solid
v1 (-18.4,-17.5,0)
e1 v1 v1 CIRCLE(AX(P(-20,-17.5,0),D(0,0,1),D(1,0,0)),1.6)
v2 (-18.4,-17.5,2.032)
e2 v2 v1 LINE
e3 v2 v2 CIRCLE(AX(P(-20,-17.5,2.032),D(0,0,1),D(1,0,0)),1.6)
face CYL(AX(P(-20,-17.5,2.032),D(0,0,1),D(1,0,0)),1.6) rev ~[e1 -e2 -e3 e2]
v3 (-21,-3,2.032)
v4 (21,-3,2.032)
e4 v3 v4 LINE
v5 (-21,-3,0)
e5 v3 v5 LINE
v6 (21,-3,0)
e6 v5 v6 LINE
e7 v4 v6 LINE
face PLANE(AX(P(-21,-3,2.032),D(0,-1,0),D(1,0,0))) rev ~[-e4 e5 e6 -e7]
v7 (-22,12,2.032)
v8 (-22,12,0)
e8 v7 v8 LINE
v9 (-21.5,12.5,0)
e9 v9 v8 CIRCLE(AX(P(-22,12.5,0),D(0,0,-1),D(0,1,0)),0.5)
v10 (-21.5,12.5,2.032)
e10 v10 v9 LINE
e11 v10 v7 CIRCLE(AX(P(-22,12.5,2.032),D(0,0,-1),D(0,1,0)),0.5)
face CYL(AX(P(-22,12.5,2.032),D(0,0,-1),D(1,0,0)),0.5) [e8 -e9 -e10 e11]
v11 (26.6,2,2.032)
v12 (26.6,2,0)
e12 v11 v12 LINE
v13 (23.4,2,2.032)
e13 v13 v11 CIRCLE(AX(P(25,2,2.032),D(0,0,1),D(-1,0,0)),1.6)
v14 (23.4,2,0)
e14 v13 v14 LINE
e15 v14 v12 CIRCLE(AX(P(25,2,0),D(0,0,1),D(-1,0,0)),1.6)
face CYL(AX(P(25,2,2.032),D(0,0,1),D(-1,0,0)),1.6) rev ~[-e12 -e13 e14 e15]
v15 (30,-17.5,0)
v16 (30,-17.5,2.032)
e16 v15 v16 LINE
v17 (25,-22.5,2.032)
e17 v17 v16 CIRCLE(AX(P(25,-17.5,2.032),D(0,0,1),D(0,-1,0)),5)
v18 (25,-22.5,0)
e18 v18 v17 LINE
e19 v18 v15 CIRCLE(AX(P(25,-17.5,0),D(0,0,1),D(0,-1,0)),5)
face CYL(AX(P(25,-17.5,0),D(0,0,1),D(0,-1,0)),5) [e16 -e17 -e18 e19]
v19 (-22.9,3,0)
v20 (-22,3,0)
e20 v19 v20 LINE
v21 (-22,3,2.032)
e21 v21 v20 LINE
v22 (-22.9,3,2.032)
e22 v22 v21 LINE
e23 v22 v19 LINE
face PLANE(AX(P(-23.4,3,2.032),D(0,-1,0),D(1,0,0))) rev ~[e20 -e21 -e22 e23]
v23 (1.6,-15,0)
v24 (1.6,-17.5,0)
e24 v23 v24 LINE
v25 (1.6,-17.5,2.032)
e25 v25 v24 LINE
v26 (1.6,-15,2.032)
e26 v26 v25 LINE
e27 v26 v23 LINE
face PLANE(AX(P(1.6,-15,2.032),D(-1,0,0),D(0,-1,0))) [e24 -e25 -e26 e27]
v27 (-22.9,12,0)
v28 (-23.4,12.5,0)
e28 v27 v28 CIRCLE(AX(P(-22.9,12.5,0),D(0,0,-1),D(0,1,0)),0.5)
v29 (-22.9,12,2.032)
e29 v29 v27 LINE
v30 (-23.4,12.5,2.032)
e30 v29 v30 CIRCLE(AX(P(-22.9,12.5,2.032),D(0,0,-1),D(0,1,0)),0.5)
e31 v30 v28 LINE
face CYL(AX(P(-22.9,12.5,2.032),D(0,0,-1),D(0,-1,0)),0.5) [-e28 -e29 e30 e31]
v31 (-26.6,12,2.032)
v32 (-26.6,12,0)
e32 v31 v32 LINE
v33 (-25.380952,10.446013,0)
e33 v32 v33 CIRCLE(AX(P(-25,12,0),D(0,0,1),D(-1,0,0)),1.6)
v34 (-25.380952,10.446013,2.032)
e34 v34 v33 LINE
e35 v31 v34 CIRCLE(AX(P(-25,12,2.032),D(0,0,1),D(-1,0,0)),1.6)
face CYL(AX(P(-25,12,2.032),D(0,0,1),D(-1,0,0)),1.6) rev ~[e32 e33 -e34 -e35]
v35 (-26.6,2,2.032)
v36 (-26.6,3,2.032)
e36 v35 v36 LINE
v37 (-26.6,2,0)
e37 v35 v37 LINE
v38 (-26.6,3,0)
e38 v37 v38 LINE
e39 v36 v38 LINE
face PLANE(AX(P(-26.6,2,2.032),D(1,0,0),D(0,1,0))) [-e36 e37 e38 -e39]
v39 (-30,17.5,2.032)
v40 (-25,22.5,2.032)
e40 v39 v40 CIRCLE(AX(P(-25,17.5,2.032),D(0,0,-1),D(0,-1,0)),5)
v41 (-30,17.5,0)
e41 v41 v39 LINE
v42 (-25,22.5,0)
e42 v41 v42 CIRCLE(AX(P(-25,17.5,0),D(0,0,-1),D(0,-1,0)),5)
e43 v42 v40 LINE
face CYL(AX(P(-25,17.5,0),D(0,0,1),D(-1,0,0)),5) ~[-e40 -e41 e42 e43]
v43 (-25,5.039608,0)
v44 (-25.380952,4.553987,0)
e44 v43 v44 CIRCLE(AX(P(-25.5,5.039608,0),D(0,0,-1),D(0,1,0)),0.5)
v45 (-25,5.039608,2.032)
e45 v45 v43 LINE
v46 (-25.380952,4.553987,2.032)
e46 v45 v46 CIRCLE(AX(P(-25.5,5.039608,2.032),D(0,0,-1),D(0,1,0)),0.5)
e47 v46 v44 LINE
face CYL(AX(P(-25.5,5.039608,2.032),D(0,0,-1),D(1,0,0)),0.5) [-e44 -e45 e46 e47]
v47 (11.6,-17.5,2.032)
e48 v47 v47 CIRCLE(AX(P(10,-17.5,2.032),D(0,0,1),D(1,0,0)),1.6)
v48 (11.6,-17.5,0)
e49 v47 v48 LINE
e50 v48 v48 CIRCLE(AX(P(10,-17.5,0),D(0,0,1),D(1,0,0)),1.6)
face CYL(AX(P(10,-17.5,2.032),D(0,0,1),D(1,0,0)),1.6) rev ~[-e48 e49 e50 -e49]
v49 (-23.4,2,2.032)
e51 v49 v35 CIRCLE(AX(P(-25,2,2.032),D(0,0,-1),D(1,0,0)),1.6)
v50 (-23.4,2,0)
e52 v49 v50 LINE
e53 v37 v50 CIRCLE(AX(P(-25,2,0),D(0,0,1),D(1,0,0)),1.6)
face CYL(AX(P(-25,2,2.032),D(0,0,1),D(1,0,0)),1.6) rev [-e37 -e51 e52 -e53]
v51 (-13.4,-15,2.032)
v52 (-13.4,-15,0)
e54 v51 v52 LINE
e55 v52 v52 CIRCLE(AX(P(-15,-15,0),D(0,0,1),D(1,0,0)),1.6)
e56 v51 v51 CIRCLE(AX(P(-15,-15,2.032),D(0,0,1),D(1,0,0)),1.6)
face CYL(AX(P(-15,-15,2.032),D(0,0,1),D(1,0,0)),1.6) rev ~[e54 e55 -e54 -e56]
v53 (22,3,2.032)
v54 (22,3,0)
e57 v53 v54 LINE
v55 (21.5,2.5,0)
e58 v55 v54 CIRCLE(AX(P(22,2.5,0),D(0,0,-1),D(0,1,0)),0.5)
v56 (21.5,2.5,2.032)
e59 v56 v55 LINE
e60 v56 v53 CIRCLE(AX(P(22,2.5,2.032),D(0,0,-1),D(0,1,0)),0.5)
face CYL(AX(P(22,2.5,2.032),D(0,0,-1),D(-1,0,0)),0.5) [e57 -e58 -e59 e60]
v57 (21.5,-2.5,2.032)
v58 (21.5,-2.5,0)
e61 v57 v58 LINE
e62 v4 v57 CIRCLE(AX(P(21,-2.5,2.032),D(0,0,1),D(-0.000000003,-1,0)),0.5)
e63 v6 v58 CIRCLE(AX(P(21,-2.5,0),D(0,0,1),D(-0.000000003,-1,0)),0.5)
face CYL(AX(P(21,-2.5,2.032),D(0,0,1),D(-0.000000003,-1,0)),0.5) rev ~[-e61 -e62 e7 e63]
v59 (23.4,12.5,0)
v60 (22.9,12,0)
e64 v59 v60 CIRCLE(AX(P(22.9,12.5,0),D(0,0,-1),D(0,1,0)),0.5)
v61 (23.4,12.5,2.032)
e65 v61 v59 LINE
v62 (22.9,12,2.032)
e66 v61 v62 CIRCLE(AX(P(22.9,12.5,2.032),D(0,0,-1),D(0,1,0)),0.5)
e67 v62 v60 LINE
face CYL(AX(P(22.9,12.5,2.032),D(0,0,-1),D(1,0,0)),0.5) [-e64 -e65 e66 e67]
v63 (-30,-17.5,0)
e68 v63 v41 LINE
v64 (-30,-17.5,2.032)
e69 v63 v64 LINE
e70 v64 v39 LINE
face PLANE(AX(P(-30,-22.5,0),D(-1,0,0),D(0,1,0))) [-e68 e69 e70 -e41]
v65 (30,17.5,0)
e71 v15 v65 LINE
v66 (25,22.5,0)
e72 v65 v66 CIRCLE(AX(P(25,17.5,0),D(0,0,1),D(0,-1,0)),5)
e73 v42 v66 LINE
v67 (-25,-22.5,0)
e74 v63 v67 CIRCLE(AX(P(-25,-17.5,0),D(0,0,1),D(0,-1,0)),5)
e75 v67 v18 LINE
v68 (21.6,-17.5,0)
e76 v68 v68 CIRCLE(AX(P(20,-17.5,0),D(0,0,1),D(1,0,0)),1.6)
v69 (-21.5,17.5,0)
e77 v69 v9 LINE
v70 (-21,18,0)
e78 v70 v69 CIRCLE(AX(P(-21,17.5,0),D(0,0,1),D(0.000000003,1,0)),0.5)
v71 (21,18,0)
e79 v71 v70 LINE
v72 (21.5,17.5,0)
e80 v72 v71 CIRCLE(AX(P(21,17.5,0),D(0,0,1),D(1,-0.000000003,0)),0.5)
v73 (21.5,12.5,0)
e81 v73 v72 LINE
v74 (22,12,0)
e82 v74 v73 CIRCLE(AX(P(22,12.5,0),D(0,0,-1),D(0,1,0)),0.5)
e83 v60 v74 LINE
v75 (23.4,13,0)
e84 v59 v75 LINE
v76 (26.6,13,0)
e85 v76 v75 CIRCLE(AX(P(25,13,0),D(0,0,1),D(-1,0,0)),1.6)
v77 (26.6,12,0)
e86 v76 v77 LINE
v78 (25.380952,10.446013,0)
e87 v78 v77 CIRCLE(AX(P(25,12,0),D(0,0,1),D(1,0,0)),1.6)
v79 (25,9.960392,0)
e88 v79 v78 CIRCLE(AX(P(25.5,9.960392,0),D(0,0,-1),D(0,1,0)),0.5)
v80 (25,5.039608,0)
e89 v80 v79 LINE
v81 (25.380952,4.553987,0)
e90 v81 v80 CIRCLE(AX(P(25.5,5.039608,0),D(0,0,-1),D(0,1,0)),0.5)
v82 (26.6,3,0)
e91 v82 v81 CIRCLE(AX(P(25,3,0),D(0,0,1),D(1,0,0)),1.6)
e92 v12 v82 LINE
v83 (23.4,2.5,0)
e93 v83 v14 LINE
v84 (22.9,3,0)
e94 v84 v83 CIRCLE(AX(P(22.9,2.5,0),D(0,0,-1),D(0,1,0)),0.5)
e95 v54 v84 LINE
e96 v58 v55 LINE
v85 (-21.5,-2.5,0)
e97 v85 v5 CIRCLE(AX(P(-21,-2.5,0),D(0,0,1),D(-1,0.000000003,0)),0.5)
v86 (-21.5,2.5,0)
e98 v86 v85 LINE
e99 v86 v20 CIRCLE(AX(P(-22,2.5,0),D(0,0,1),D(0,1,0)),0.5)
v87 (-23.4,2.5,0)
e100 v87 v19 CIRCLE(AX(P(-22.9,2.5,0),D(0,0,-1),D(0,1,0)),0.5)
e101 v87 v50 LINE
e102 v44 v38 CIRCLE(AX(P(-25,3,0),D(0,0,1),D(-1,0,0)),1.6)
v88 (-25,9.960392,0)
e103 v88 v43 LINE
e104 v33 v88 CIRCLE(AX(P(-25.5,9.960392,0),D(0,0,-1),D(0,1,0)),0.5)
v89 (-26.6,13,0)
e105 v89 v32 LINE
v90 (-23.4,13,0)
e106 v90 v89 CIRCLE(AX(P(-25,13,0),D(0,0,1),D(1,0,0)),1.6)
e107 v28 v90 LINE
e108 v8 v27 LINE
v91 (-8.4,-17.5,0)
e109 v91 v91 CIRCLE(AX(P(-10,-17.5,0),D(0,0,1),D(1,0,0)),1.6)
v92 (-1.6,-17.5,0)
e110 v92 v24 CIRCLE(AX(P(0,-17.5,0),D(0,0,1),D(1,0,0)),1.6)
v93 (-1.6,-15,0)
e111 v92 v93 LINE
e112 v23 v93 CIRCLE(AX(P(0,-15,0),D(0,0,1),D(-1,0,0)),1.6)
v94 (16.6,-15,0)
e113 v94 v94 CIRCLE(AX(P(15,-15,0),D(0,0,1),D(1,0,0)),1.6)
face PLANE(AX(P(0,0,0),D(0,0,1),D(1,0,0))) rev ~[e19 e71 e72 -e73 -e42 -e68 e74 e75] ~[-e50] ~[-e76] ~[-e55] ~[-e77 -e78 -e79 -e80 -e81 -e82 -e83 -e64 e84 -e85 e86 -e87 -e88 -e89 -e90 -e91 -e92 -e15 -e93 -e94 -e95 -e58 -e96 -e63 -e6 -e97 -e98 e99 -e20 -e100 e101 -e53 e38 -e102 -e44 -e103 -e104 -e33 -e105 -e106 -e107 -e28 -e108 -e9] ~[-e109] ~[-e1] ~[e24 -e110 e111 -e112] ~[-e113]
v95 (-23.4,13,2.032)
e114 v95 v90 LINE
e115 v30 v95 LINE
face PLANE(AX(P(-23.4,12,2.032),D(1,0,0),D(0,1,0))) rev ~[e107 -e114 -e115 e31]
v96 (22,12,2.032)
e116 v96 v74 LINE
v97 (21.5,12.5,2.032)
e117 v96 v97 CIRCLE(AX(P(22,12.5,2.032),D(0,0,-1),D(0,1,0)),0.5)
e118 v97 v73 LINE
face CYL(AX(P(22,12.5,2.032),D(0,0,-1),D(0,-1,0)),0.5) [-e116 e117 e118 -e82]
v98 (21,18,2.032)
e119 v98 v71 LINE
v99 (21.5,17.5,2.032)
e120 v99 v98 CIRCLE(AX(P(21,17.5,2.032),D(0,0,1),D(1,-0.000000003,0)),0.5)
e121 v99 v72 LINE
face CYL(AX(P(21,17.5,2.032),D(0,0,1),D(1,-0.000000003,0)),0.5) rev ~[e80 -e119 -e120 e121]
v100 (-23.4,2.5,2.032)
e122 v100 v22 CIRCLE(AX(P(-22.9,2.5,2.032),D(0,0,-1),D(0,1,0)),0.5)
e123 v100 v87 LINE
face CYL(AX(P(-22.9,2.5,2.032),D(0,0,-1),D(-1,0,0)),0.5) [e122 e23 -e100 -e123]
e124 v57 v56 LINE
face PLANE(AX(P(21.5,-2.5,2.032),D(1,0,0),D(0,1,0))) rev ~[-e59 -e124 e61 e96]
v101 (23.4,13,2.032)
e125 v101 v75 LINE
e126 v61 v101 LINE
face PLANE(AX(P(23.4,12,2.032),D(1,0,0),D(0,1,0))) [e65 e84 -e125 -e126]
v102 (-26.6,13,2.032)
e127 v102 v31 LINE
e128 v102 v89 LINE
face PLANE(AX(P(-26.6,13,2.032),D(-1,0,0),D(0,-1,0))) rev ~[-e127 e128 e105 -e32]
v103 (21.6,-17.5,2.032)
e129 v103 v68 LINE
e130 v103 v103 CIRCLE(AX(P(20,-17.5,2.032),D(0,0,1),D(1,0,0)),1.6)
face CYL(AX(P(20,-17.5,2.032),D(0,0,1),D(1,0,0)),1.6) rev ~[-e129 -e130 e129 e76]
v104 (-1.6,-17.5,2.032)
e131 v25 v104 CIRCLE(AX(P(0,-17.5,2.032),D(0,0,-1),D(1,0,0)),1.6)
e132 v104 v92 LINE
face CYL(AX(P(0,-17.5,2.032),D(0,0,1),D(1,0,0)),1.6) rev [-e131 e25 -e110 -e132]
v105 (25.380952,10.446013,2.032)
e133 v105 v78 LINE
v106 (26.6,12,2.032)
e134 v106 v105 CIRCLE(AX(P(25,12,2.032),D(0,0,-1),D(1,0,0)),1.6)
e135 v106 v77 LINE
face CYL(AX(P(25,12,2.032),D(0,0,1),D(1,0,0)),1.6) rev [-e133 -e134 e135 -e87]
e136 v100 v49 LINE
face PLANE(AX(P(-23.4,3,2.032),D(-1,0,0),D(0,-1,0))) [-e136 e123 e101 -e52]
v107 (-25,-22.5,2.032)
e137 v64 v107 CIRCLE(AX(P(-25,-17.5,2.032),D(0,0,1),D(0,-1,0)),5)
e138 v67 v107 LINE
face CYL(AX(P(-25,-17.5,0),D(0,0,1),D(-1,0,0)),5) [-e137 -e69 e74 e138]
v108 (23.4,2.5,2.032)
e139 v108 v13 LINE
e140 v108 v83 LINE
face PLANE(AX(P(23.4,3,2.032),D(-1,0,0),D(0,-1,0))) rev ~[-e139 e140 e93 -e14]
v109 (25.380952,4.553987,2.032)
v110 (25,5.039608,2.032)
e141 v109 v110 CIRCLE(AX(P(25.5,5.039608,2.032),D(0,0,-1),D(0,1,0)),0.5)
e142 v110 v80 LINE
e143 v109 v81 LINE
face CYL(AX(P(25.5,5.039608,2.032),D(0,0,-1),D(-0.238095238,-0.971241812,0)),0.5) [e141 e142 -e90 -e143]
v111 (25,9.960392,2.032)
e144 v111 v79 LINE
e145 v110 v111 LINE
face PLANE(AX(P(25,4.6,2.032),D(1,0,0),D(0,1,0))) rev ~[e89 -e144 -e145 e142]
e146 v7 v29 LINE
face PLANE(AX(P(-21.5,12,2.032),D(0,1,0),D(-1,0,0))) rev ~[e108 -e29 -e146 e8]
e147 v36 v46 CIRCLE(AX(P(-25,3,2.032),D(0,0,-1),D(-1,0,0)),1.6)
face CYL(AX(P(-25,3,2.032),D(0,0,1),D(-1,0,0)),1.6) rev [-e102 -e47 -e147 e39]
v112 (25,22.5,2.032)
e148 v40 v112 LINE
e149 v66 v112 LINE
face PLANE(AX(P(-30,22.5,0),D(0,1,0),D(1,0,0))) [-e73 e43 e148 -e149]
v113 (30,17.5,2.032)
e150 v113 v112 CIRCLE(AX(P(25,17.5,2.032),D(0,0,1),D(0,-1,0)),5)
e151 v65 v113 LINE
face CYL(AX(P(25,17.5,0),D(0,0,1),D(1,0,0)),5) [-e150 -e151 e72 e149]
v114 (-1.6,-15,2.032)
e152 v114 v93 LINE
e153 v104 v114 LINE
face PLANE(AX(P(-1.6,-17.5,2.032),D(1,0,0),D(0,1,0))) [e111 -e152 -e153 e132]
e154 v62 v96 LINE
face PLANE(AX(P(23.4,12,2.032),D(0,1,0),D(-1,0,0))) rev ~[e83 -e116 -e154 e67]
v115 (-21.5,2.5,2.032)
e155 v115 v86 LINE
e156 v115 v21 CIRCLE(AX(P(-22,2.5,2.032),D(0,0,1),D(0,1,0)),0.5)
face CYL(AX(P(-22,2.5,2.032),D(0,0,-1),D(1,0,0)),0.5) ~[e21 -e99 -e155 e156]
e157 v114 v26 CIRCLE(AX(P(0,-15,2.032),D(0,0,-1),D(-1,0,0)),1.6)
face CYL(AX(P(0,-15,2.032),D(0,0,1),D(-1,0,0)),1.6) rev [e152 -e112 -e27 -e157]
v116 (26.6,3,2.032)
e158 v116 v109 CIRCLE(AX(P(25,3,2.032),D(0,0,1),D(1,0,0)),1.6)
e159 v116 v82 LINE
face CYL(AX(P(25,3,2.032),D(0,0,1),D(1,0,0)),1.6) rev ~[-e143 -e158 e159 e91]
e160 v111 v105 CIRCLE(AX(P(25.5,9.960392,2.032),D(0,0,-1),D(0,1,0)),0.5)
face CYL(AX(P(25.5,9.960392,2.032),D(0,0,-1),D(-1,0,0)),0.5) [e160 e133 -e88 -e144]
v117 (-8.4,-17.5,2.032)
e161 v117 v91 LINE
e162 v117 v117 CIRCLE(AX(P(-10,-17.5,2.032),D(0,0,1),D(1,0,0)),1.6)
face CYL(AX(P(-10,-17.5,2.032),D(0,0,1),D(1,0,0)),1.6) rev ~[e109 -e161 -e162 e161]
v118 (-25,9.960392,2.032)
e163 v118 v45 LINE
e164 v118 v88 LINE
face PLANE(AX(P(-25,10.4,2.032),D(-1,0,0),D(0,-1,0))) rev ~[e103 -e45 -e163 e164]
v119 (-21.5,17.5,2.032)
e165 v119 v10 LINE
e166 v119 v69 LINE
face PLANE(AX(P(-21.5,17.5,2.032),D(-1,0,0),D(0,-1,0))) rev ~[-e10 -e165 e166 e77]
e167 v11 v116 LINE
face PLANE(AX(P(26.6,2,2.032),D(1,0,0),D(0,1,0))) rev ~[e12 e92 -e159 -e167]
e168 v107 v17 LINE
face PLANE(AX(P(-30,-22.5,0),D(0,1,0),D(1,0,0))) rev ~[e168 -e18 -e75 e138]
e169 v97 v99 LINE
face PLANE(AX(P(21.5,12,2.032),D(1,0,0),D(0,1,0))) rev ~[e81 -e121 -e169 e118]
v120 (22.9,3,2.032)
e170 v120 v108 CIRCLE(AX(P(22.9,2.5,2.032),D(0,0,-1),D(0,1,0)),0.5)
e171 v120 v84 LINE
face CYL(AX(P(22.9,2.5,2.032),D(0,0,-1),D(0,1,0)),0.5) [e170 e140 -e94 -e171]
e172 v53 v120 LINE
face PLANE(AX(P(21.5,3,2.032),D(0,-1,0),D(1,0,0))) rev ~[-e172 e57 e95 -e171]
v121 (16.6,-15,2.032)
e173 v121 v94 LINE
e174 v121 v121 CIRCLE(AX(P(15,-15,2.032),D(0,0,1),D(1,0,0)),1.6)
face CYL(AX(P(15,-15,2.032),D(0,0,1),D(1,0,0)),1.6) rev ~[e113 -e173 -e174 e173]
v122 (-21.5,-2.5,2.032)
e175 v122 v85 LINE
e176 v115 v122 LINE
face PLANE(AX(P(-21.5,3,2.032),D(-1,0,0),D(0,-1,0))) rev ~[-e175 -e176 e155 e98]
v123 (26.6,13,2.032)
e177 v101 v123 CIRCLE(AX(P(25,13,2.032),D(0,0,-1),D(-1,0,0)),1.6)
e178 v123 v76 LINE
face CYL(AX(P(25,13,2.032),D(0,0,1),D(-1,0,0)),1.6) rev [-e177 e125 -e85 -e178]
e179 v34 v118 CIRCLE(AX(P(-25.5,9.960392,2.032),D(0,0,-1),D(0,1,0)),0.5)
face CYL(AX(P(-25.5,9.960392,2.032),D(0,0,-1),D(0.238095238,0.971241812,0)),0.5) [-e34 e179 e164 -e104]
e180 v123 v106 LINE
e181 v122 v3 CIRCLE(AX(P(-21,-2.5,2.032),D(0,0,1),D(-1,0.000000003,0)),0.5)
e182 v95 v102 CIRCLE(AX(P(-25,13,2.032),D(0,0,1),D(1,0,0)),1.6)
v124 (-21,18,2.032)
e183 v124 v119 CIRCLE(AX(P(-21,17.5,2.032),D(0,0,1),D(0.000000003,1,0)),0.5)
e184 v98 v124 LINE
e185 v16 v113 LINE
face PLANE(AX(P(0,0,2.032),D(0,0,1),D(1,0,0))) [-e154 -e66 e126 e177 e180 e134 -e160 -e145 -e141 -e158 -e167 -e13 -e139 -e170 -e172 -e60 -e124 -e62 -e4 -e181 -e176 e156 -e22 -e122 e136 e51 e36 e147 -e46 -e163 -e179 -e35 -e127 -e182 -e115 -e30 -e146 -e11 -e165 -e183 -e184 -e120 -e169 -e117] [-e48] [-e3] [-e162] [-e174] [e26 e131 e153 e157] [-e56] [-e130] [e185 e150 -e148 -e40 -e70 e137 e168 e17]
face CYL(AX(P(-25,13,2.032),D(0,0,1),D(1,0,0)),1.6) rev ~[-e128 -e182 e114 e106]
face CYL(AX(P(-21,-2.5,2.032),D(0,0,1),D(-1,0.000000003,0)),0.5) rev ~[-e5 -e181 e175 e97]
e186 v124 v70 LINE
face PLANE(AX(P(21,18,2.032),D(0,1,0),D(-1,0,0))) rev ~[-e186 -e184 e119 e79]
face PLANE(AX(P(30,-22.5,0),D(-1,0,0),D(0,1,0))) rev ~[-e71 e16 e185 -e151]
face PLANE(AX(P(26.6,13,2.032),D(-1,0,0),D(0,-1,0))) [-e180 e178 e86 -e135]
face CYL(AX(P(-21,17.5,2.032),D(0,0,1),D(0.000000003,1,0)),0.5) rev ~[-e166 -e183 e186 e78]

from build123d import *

# Parameters (mm, degrees)
SKETCH1_W           = 60
SKETCH1_H           = 45
BOSS_EXTRUDE1_DEPTH = 2.032
FILLET1_R           = 5
SKETCH2_W           = 41
SKETCH2_H           = 21
CUT_EXTRUDE1_DEPTH  = 3.032
FILLET2_R           = 0.5
CUT_EXTRUDE2_DEPTH  = 3.032
SKETCH4_R           = 1.6
CUT_EXTRUDE3_DEPTH  = 3.032
CUT_EXTRUDE4_DEPTH  = 3.032
FILLET3_R           = 0.5


with BuildPart() as part:
    # Sketch1 → Boss-Extrude1 (new body)
    with BuildSketch(Plane.XY):
        Rectangle(SKETCH1_W, SKETCH1_H)
    extrude(amount=BOSS_EXTRUDE1_DEPTH)

    # Fillet1
    fillet1_edges = [part.edges().sort_by_distance(p)[0] for p in [
        (30, -22.5, 1.016),
        (-30, -22.5, 1.016),
        (-30, 22.5, 1.016),
        (30, 22.5, 1.016),
    ]]
    fillet(fillet1_edges, radius=FILLET1_R)

    # Sketch2 → Cut-Extrude1 (cut, through all)
    with BuildSketch(Plane.XY.offset(2.032)):
        with Locations((0, 7.5)):
            Rectangle(SKETCH2_W, SKETCH2_H)
    extrude(amount=-CUT_EXTRUDE1_DEPTH, mode=Mode.SUBTRACT)

    # Fillet2
    fillet2_edges = [part.edges().sort_by_distance(p)[0] for p in [
        (20.5, 18, 1.016),
        (20.5, -3, 1.016),
        (-20.5, -3, 1.016),
        (-20.5, 18, 1.016),
    ]]
    fillet(fillet2_edges, radius=FILLET2_R)

    # Sketch3 → Cut-Extrude2 (cut, through all)
    with BuildSketch(Plane.XY.offset(2.032)):
        with BuildLine():
            Line((-23.4, 3), (-23.4, 2))
            ThreePointArc((-23.4, 2), (-25, 0.4), (-26.6, 2))
            Line((-26.6, 2), (-26.6, 3))
            ThreePointArc((-26.6, 3), (-25, 4.6), (-23.4, 3))
        make_face()
        with BuildLine():
            Line((-23.4, 12), (-23.4, 13))
            ThreePointArc((-23.4, 13), (-25, 14.6), (-26.6, 13))
            Line((-26.6, 13), (-26.6, 12))
            ThreePointArc((-26.6, 12), (-25, 10.4), (-23.4, 12))
        make_face()
        with BuildLine():
            Line((23.4, 3), (23.4, 2))
            ThreePointArc((23.4, 2), (25, 0.4), (26.6, 2))
            Line((26.6, 2), (26.6, 3))
            ThreePointArc((26.6, 3), (25, 4.6), (23.4, 3))
        make_face()
        with BuildLine():
            Line((23.4, 12), (23.4, 13))
            ThreePointArc((23.4, 13), (25, 14.6), (26.6, 13))
            Line((26.6, 13), (26.6, 12))
            ThreePointArc((26.6, 12), (25, 10.4), (23.4, 12))
        make_face()
    extrude(amount=-CUT_EXTRUDE2_DEPTH, mode=Mode.SUBTRACT)

    # Sketch4 → Cut-Extrude3 (cut, through all)
    with BuildSketch(Plane.XY.offset(2.032)):
        with Locations((-15, -15)):
            Circle(SKETCH4_R)
        with Locations((15, -15)):
            Circle(SKETCH4_R)
        with Locations((10, -17.5)):
            Circle(SKETCH4_R)
        with Locations((-10, -17.5)):
            Circle(SKETCH4_R)
        with Locations((20, -17.5)):
            Circle(SKETCH4_R)
        with Locations((-20, -17.5)):
            Circle(SKETCH4_R)
        with BuildLine():
            Line((1.6, -15), (1.6, -17.5))
            ThreePointArc((1.6, -17.5), (0, -19.1), (-1.6, -17.5))
            Line((-1.6, -17.5), (-1.6, -15))
            ThreePointArc((-1.6, -15), (0, -13.4), (1.6, -15))
        make_face()
    extrude(amount=-CUT_EXTRUDE3_DEPTH, mode=Mode.SUBTRACT)

    # Sketch5 → Cut-Extrude4 (cut, through all)
    with BuildSketch(Plane.XY.offset(2.032)):
        with BuildLine():
            Line((-21, -3), (21, -3))
            ThreePointArc((21, -3), (21.353553391, -2.853553391), (21.5, -2.5))
            Line((21.5, -2.5), (21.5, 3))
            Line((21.5, 3), (23.4, 3))
            ThreePointArc((23.4, 3), (24.53137085, 3.46862915), (25, 4.6))
            Line((25, 4.6), (25, 10.4))
            ThreePointArc((25, 10.4), (24.53137085, 11.53137085), (23.4, 12))
            Line((23.4, 12), (21.5, 12))
            Line((21.5, 12), (21.5, 17.5))
            ThreePointArc((21.5, 17.5), (21.353553391, 17.853553391), (21, 18))
            Line((21, 18), (-21, 18))
            ThreePointArc((-21, 18), (-21.353553391, 17.853553391), (-21.5, 17.5))
            Line((-21.5, 17.5), (-21.5, 12))
            Line((-21.5, 12), (-23.4, 12))
            ThreePointArc((-23.4, 12), (-24.53137085, 11.53137085), (-25, 10.4))
            Line((-25, 10.4), (-25, 4.6))
            ThreePointArc((-25, 4.6), (-24.53137085, 3.46862915), (-23.4, 3))
            Line((-23.4, 3), (-21.5, 3))
            Line((-21.5, 3), (-21.5, -2.5))
            ThreePointArc((-21.5, -2.5), (-21.353553391, -2.853553391), (-21, -3))
        make_face()
    extrude(amount=-CUT_EXTRUDE4_DEPTH, mode=Mode.SUBTRACT)

    # Fillet3
    fillet3_edges = [part.edges().sort_by_distance(p)[0] for p in [
        (23.4, 3, 1.016),
        (23.4, 12, 1.016),
        (-21.5, 3, 1.016),
        (-25, 4.6, 1.016),
        (-25, 10.4, 1.016),
        (-21.5, 12, 1.016),
        (21.5, 12, 1.016),
        (25, 10.4, 1.016),
        (25, 4.6, 1.016),
        (21.5, 3, 1.016),
        (-23.4, 3, 1.016),
        (-23.4, 12, 1.016),
    ]]
    fillet(fillet3_edges, radius=FILLET3_R)


solid = part.part
